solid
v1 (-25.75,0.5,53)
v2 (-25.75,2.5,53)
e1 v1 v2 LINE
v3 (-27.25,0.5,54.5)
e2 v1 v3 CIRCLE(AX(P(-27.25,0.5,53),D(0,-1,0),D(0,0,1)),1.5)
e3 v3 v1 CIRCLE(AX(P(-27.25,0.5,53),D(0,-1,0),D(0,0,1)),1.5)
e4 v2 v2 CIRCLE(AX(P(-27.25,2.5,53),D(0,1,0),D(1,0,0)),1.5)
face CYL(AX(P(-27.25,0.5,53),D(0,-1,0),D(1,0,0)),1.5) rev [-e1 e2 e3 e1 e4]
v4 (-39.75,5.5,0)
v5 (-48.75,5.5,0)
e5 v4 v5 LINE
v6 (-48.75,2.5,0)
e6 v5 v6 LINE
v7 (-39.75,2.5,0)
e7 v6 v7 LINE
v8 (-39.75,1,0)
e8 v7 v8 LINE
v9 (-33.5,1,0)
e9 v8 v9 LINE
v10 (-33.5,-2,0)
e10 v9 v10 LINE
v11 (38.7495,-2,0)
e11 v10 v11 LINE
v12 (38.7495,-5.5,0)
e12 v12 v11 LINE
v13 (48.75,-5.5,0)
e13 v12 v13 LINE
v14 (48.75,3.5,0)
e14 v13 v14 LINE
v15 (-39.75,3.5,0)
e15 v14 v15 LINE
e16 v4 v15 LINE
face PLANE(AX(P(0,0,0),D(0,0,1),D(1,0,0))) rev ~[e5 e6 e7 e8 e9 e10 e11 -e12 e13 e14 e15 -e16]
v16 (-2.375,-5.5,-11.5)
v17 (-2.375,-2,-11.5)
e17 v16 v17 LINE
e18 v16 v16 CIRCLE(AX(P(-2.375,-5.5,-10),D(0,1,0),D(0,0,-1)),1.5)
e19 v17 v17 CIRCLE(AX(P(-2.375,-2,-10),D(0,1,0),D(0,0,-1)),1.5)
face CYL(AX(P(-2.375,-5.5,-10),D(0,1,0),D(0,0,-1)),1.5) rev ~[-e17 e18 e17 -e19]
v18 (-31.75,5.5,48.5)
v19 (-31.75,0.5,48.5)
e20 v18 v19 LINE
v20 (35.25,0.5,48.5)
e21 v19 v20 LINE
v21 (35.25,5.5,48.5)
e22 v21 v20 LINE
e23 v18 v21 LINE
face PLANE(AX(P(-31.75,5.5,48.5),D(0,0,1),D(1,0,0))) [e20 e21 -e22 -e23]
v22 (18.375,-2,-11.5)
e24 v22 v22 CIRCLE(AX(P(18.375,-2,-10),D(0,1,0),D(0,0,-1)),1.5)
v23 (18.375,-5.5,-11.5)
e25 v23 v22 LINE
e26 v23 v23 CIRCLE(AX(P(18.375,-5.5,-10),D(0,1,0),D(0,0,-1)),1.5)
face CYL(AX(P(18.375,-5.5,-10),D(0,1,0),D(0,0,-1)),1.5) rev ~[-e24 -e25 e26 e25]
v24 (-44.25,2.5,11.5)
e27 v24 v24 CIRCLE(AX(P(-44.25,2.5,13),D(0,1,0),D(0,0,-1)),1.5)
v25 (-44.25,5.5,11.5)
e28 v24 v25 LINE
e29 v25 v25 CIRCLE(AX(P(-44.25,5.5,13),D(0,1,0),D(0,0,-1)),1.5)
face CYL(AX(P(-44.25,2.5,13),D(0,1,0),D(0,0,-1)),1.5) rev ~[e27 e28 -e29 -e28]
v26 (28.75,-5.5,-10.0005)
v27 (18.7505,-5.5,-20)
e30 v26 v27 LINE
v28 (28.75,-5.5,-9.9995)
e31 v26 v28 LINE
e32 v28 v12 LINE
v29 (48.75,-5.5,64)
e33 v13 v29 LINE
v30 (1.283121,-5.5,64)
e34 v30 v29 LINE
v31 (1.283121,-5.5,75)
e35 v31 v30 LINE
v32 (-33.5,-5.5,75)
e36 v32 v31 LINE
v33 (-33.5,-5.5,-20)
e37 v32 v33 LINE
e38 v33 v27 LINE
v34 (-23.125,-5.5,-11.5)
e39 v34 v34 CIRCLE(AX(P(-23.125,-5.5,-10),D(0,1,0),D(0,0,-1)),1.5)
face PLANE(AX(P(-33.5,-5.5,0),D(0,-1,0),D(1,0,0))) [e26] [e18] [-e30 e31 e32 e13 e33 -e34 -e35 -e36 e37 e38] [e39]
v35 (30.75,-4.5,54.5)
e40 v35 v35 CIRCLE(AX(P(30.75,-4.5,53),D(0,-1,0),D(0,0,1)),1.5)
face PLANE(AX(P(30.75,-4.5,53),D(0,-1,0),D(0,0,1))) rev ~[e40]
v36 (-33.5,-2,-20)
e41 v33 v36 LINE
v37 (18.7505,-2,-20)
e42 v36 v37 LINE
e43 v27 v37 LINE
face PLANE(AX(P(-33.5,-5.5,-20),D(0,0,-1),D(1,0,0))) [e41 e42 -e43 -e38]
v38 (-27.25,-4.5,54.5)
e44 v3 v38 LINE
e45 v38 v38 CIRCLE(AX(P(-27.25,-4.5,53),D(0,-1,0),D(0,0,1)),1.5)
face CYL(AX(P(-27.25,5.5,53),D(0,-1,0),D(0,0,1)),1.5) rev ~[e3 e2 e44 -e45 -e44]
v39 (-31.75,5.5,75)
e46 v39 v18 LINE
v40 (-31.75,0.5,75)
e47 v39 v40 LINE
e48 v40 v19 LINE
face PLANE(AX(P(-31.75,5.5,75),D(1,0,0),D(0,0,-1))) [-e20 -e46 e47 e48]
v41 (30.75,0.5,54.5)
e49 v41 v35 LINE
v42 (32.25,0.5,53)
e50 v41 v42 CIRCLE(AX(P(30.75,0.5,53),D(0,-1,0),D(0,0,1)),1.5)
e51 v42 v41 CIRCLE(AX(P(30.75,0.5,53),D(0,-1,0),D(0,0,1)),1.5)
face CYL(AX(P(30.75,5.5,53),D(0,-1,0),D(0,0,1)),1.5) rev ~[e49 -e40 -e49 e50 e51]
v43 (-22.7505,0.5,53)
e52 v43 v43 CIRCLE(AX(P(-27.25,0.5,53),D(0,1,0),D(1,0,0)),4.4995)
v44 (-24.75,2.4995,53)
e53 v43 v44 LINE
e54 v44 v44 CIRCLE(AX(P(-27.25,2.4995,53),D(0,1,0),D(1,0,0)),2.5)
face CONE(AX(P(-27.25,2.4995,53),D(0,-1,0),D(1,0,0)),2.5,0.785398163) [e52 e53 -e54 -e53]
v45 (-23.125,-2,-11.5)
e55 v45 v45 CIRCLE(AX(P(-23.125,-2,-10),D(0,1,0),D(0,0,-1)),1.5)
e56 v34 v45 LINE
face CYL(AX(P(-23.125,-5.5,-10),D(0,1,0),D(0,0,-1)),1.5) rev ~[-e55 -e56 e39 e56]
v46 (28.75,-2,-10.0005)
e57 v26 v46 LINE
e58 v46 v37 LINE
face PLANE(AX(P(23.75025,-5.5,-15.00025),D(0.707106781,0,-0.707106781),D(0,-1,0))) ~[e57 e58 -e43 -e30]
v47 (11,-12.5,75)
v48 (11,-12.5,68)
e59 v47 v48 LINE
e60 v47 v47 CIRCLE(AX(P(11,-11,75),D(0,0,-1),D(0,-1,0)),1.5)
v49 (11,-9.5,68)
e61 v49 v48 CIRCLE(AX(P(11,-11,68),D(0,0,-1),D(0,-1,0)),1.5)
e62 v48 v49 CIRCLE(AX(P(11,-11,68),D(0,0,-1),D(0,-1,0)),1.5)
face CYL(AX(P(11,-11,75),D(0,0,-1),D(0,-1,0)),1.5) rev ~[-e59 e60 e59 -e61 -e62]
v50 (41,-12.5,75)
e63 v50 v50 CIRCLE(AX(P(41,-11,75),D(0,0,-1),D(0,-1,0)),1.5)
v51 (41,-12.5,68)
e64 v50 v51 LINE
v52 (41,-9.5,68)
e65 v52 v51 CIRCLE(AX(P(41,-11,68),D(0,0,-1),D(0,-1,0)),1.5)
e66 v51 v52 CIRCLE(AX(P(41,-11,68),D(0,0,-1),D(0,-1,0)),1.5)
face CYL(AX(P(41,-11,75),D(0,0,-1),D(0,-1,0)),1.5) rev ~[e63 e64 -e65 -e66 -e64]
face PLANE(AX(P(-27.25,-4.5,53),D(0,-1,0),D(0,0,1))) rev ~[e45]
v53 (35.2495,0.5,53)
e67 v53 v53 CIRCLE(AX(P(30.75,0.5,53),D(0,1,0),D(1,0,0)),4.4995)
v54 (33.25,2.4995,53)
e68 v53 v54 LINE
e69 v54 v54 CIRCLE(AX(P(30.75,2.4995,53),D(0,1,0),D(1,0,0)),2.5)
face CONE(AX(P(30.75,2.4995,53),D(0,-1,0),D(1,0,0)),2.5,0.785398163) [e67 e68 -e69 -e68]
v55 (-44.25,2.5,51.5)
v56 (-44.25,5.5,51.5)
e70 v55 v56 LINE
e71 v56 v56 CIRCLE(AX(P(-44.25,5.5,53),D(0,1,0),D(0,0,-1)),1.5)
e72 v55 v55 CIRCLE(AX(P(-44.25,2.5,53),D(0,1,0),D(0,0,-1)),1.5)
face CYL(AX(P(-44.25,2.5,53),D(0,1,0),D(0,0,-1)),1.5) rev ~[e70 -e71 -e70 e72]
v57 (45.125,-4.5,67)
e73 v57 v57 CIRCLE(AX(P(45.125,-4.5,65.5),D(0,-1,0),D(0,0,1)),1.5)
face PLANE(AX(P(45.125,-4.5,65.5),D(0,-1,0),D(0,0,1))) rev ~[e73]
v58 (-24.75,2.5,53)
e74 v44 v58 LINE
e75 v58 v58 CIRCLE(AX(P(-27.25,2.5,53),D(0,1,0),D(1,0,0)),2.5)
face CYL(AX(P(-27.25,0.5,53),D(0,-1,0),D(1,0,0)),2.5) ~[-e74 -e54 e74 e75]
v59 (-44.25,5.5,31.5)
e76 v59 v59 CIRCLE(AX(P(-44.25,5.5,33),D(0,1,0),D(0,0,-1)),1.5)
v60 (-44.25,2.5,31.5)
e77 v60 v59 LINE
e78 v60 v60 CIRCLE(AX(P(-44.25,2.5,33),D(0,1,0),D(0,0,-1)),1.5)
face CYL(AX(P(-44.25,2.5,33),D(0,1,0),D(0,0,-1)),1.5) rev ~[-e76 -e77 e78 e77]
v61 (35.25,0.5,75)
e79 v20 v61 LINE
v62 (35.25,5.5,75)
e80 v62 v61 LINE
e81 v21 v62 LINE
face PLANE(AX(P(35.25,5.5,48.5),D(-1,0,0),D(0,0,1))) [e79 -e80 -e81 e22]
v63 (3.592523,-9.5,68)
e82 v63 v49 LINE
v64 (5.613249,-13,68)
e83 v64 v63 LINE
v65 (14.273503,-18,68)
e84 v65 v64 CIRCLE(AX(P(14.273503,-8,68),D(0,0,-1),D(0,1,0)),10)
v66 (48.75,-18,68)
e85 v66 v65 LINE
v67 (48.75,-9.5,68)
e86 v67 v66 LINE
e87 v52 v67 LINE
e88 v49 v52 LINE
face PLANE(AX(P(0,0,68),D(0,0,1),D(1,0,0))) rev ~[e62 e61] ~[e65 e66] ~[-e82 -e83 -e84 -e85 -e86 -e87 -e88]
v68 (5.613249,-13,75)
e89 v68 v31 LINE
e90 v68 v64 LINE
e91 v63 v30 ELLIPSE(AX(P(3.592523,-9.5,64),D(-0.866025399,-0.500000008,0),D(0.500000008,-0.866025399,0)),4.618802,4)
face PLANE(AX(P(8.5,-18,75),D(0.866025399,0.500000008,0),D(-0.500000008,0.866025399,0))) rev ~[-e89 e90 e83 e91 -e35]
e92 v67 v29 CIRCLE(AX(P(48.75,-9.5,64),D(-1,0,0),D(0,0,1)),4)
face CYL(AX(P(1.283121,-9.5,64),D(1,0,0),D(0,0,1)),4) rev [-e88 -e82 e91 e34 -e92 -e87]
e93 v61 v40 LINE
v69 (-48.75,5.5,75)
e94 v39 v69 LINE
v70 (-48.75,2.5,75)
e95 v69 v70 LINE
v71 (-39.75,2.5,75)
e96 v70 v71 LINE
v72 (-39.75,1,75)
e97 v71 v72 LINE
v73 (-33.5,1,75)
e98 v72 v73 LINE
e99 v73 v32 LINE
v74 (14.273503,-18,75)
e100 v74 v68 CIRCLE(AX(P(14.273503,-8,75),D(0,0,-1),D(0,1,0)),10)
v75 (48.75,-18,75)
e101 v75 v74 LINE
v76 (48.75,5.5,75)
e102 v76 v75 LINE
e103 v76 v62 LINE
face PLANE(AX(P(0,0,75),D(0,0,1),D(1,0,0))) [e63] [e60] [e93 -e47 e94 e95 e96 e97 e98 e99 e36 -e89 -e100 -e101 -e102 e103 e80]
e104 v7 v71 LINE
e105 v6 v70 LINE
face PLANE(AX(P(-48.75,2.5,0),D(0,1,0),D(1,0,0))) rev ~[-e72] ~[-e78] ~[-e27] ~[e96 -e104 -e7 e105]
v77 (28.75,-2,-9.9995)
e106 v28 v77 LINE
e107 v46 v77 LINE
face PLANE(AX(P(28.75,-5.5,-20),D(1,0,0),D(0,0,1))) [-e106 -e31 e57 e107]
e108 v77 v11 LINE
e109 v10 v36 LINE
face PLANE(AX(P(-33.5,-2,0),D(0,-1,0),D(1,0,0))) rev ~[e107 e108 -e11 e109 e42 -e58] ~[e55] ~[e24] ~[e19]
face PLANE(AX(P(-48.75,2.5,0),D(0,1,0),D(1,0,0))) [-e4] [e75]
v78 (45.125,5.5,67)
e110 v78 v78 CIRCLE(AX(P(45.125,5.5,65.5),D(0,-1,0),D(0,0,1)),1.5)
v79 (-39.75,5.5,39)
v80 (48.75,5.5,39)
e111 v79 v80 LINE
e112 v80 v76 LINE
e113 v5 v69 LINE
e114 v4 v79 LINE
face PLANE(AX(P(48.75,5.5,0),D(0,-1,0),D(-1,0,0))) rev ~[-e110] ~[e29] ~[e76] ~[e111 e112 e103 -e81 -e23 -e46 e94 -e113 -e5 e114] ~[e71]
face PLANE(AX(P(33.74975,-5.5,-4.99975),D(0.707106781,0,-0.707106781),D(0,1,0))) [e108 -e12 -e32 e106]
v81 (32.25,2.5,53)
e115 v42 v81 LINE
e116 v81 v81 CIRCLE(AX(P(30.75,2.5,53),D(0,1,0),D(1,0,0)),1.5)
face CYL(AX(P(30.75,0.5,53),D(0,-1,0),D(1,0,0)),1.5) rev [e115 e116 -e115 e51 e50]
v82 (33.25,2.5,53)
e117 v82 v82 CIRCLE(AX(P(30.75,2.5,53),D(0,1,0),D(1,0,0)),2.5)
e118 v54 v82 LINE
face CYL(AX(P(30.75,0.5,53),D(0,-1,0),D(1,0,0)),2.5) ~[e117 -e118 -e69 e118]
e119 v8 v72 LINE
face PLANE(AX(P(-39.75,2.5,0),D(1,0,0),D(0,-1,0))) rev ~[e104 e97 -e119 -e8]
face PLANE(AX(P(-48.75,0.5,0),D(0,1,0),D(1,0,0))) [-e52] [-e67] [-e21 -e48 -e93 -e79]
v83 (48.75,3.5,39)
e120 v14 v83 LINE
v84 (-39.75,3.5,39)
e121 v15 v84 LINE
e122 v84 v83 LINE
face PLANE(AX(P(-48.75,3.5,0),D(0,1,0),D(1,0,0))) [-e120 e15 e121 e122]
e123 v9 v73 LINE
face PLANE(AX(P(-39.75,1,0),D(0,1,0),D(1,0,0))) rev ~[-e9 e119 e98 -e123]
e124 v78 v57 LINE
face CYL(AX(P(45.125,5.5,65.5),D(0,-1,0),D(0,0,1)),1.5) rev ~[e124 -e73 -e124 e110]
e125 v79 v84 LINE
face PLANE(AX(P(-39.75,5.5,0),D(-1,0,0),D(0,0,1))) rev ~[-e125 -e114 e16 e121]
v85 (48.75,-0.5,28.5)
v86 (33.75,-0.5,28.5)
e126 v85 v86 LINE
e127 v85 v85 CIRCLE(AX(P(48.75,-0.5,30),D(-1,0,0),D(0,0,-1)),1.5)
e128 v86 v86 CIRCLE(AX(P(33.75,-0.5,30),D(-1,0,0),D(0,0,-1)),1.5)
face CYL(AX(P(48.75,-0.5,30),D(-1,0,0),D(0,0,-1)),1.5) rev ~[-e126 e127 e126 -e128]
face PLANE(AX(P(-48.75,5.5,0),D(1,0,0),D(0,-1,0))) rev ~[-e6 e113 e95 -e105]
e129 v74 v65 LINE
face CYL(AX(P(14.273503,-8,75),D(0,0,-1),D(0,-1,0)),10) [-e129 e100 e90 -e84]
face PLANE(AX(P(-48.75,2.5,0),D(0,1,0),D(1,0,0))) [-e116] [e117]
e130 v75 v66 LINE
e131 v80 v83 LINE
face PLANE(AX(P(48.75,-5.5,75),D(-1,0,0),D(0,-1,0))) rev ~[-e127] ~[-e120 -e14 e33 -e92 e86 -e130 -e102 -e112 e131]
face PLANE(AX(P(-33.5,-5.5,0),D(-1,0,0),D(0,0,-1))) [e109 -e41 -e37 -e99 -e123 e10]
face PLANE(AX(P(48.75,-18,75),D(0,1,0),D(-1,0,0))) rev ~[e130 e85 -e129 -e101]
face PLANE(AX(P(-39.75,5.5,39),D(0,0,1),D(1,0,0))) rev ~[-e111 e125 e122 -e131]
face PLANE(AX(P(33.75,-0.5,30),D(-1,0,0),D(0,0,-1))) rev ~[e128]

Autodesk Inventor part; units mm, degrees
ref_plane "YZ Plane" through (0, 0, 0) normal (1, 0, 0) x (0, 1, 0)
ref_plane "XZ Plane" through (0, 0, 0) normal (0, 1, 0) x (-1, 0, 0)
ref_plane "XY Plane" through (0, 0, 0) normal (0, 0, 1) x (1, 0, 0)
sketch "Sketch1" plane through (0, 0, 0) normal (0, 0, 1) x (1, 0, 0)
  line L0 (-48.75, -5.5) -> (48.75, -5.5)
  line L1 (48.75, -5.5) -> (48.75, 5.5)
  line L2 (48.75, 5.5) -> (-48.75, 5.5)
  line L3 (-48.75, 5.5) -> (-48.75, -5.5)
  line L4 (-48.75, -5.5) -> (48.75, 5.5) construction
  line L5 (48.75, -5.5) -> (-48.75, 5.5) construction
  line L6 (-48.75, 2.5) -> (-39.75, 2.5)
  line L7 (-39.75, 2.5) -> (-39.75, 1)
  line L8 (-39.75, 1) -> (-33.5, 1)
  line L9 (-33.5, 1) -> (-33.5, -5.5)
  point P0 (0, 0)
  dimension "d0" = 11
  dimension "d1" = 97.5
  dimension "d2" = 9
  dimension "d3" = 6.25
  dimension "d4" = 1.5
  dimension "d5" = 6.5
extrude "Extrusion1" add sketch "Sketch1" along normal blind 75 contours L9 L8 L7 L6 L3 L2 L1 L0
sketch "Sketch2" plane through (-48.75, 2.5, 0) normal (0, -1, 0) x (1, 0, 0)
  line L0 (0, 0) -> (9, 0) projected
  point P0 (48.75, 0)
  point P1 (4.5, 13)
  point P2 (4.5, 33)
  point P3 (4.5, 53)
  point P4 (4.5, 0)
  point P5 (4.5, 0)
  point P6 (4.5, 73)
  dimension "d8" = 13
  dimension "d9" = 20
  dimension "d10" = 20
  dimension "d11" = 20
hole "Hole1" at (-44.25, 2.5, 13) at (-44.25, 2.5, 33) at (-44.25, 2.5, 53) direction (0, 1, 0) diameter 3 depth 15
sketch "Sketch3" plane through (48.75, -5.5, 0) normal (1, 0, 0) x (0, 0, -1)
  line L0 (0, 0) -> (0, 11) projected
  line L1 (0, 11) -> (-75, 11) projected
  line L2 (-75, 0) -> (-75, 11) projected
  line L3 (0, 0) -> (-75, 0) projected
  point P0 (0, 5.5)
  point P1 (-30, 5)
  point P2 (0, 5.5)
  dimension "d19" = 30
  dimension "d20" = 5
hole "Hole2" at (48.75, -0.5, 30) direction (-1, 0, 0) diameter 3 depth 15
sketch "Sketch4" plane through (-33.5, -5.5, 0) normal (0, -1, 0) x (1, 0, 0)
  line L0 (0, 0) -> (82.25, 0) projected
  line L1 (82.25, 0) -> (82.25, 75) projected
  line L2 (0, 75) -> (82.25, 75) projected
  line L3 (0, 0) -> (0, 75) projected
  line L4 (0, 0) -> (0, -20)
  line L5 (0, -20) -> (62.25, -20)
  line L6 (62.25, -20) -> (62.25, 0)
  point P0 (33.5, 0)
  dimension "d28" = 20
  dimension "d29" = 20
extrude "Extrusion2" add sketch "Sketch4" against normal blind 3.5 contours L0 L6 L5 L4
chamfer "Chamfer1" distance 10 angle 45 2 edges at (28.75, -3.75, -20) (28.75, -3.75, 0)
sketch "Sketch5" plane through (-33.5, -5.5, 75) normal (0, -1, 0) x (1, 0, 0)
  line L0 (0, -95) -> (0, 0) projected
  line L1 (0, -95) -> (52.25, -95) projected
  line L2 (62.25, -75) -> (0, -75) projected
  line L3 (62.25, -75) -> (62.25, -95)
  line L4 (62.25, -95) -> (52.25, -95)
  point P0 (33.5, -75)
  point P1 (10.375, -85)
  point P2 (31.125, -85)
  point P3 (51.875, -85)
  dimension "d36" = 10.375
  dimension "d37" = 20.75
  dimension "d38" = 20.75
  dimension "d39" = 20
  dimension "d40" = 10
hole "Hole3" at (-23.125, -5.5, -10) at (-2.375, -5.5, -10) at (18.375, -5.5, -10) direction (0, 1, 0) diameter 3 depth 15
sketch "Sketch6" plane through (0, 0, 75) normal (0, 0, 1) x (1, 0, 0)
  line L0 (-33.5, -5.5) -> (48.75, -5.5) projected
  line L1 (48.75, -5.5) -> (48.75, -18)
  line L2 (48.75, -18) -> (8.5, -18)
  line L3 (8.5, -18) -> (-56.5, 94.5833)
  line L4 (-56.5, 94.5833) -> (-56.5, 62)
  point P0 (0, 0)
  point P1 (48.75, -11.75)
  point P2 (1.2831, -5.5)
  dimension "d48" = 12.5
  dimension "d49" = 120
  dimension "d50" = 105.25
  dimension "d51" = 80
  dimension "d52" = 65
extrude "Extrusion3" add sketch "Sketch6" against normal blind 7
fillet "Fillet1" radius 4 1 edges at (25.0166, -5.5, 68)
fillet "Fillet2" radius 10 1 edges at (8.5, -18, 71.5)
sketch "Sketch7" plane through (0, 0, 75) normal (0, 0, 1) x (1, 0, 0)
  arc A0 (5.6132, -13) -> (14.2735, -18) centre (14.2735, -8) ccw projected
  line L0 (14.2735, -18) -> (48.75, -18) projected
  line L1 (48.75, -18) -> (48.75, 5.5) projected
  line L2 (48.75, 5.5) -> (-48.75, 5.5) projected
  line L3 (-48.75, 5.5) -> (-48.75, 2.5) projected
  line L4 (-48.75, 2.5) -> (-39.75, 2.5) projected
  line L5 (-39.75, 2.5) -> (-39.75, 1) projected
  line L6 (-39.75, 1) -> (-33.5, 1) projected
  line L7 (-33.5, 1) -> (-33.5, -5.5) projected
  line L8 (-33.5, -5.5) -> (1.2831, -5.5) projected
  line L9 (1.2831, -5.5) -> (5.6132, -13) projected
  point P0 (0, 0)
  point P1 (41, -11)
  point P2 (11, -11)
  dimension "d57" = 30
  dimension "d58" = 7.75
  dimension "d59" = 7
hole "Hole4" at (41, -11, 75) at (11, -11, 75) direction (0, 0, -1) diameter 3 depth 15
sketch "Sketch8" plane through (-48.75, 5.5, 0) normal (0, 1, 0) x (1, 0, 0)
  line L0 (97.5, -75) -> (0, -75) projected
  line L1 (97.5, 0) -> (97.5, -75) projected
  point P0 (48.75, 0)
  point P1 (93.875, -65.5)
  dimension "d67" = 9.5
  dimension "d68" = 3.625
hole "Hole5" at (45.125, 5.5, 65.5) direction (0, -1, 0) diameter 3 depth 10
sketch "Sketch9" plane through (-48.75, 5.5, 0) normal (0, 1, 0) x (1, 0, 0)
  line L0 (18, -79.5) -> (83, -79.5)
  line L1 (83, -79.5) -> (83, -49.5)
  line L2 (83, -49.5) -> (18, -49.5)
  line L3 (18, -49.5) -> (18, -79.5)
  line L4 (18, -79.5) -> (83, -49.5) construction
  line L5 (83, -79.5) -> (18, -49.5) construction
  line L6 (21.5, -76) -> (79.5, -76)
  line L7 (79.5, -76) -> (79.5, -53)
  line L8 (79.5, -53) -> (21.5, -53)
  line L9 (21.5, -53) -> (21.5, -76)
  line L10 (21.5, -76) -> (79.5, -53) construction
  line L11 (79.5, -76) -> (21.5, -53) construction
  line L12 (97.5, -75) -> (0, -75) projected
  line L13 (97.5, 0) -> (97.5, -75) projected
  line L14 (17, -48.5) -> (84, -48.5)
  line L15 (84, -48.5) -> (84, -80.5)
  line L16 (84, -80.5) -> (17, -80.5)
  line L17 (17, -80.5) -> (17, -48.5)
  point P0 (48.75, 0)
  point P1 (50.5, -64.5)
  point P2 (83, -75)
  point P3 (84, -75)
  point P4 (17, -75)
  point P5 (18, -75)
  dimension "d76" = 65
  dimension "d77" = 30
  dimension "d78" = 58
  dimension "d79" = 23
  dimension "d80" = 47
  dimension "d97" = 4.5
  dimension "d103" = 1
extrude "Extrusion4" cut sketch "Sketch9" against normal blind 5 contours L3 L12 L9 L6 L7 L1 L0 | L12 L17 L14 L15 L1 L2 L3 | L3 L2 L1 L12 L7 L8 L9 | L12 L7 L6 L9 | L9 L8 L7 L12
hole "Hole6" at (30.75, 5.5, 53) at (-27.25, 5.5, 53) direction (0, -1, 0) diameter 3 depth 10
sketch "Sketch10" plane through (-48.75, 0.5, 0) normal (0, 1, 0) x (1, 0, 0)
  circle A0 centre (21.5, -53) radius 1.5 projected
  circle A1 centre (79.5, -53) radius 1.5 projected
  line L0 (84, -75) -> (17, -75) projected
  circle A2 centre (21.5, -53) radius 2.5
  circle A3 centre (79.5, -53) radius 2.5
  circle A4 centre (76.5, -76) radius 2.5
  circle A5 centre (18.5, -76) radius 2.5
  line L1 (84, -48.5) -> (84, -75) projected
  line L2 (17, -48.5) -> (84, -48.5) projected
  line L3 (17, -75) -> (17, -48.5) projected
  point P0 (48.75, 0)
  point P1 (78.7913, -75)
  point P2 (74.2087, -75)
  point P3 (20.7913, -75)
  point P4 (20.7913, -75)
  dimension "d91" = 1
extrude "Extrusion5" add sketch "Sketch10" along normal blind 2 contours A2 | A3
chamfer "Chamfer2" distance 2 angle 45 2 edges at (28.25, 0.5, 53) (-29.75, 0.5, 53)
sketch "Sketch11" plane through (-48.75, 5.5, 0) normal (0, 1, 0) x (1, 0, 0)
  line L0 (97.5, -75) -> (84, -75) projected
  line L1 (97.5, 0) -> (97.5, -75) projected
  line L2 (97.5, 0) -> (0, 0) projected
  line L3 (0, 0) -> (0, -75) projected
  line L4 (17, -75) -> (0, -75) projected
  circle A0 centre (93.875, -65.5) radius 1.5 projected
  circle A1 centre (4.5, -53) radius 1.5 projected
  circle A2 centre (4.5, -33) radius 1.5 projected
  circle A3 centre (4.5, -13) radius 1.5 projected
  line L5 (9, 0.062) -> (9, -75.3378)
  line L6 (0, -39) -> (97.5, -39)
  line L7 (84, -48.5) -> (84, -75) projected
  line L8 (17, -75) -> (17, -48.5) projected
  line L9 (17, -48.5) -> (84, -48.5) projected
  point P0 (48.75, 0)
  point P1 (90.75, -75)
  point P2 (9, -39)
  point P3 (9, 0)
  dimension "d99" = 9
  dimension "d100" = 36
extrude "Extrusion6" cut sketch "Sketch11" against normal blind 2 contours L6 L5 L2 L1
equation "\"d10\" = d9"
equation "\"d11\" = d10"
equation "\"d36\" = 0.166667 * d35"
equation "\"d37\" = 2 * d36"
equation "\"d38\" = d37"
equation "\"d40\" = 0.5 * d39"
equation "\"d35\" = 62.25"
properties part number "BottomSlideMountExtension" material "ABS Plastic"
